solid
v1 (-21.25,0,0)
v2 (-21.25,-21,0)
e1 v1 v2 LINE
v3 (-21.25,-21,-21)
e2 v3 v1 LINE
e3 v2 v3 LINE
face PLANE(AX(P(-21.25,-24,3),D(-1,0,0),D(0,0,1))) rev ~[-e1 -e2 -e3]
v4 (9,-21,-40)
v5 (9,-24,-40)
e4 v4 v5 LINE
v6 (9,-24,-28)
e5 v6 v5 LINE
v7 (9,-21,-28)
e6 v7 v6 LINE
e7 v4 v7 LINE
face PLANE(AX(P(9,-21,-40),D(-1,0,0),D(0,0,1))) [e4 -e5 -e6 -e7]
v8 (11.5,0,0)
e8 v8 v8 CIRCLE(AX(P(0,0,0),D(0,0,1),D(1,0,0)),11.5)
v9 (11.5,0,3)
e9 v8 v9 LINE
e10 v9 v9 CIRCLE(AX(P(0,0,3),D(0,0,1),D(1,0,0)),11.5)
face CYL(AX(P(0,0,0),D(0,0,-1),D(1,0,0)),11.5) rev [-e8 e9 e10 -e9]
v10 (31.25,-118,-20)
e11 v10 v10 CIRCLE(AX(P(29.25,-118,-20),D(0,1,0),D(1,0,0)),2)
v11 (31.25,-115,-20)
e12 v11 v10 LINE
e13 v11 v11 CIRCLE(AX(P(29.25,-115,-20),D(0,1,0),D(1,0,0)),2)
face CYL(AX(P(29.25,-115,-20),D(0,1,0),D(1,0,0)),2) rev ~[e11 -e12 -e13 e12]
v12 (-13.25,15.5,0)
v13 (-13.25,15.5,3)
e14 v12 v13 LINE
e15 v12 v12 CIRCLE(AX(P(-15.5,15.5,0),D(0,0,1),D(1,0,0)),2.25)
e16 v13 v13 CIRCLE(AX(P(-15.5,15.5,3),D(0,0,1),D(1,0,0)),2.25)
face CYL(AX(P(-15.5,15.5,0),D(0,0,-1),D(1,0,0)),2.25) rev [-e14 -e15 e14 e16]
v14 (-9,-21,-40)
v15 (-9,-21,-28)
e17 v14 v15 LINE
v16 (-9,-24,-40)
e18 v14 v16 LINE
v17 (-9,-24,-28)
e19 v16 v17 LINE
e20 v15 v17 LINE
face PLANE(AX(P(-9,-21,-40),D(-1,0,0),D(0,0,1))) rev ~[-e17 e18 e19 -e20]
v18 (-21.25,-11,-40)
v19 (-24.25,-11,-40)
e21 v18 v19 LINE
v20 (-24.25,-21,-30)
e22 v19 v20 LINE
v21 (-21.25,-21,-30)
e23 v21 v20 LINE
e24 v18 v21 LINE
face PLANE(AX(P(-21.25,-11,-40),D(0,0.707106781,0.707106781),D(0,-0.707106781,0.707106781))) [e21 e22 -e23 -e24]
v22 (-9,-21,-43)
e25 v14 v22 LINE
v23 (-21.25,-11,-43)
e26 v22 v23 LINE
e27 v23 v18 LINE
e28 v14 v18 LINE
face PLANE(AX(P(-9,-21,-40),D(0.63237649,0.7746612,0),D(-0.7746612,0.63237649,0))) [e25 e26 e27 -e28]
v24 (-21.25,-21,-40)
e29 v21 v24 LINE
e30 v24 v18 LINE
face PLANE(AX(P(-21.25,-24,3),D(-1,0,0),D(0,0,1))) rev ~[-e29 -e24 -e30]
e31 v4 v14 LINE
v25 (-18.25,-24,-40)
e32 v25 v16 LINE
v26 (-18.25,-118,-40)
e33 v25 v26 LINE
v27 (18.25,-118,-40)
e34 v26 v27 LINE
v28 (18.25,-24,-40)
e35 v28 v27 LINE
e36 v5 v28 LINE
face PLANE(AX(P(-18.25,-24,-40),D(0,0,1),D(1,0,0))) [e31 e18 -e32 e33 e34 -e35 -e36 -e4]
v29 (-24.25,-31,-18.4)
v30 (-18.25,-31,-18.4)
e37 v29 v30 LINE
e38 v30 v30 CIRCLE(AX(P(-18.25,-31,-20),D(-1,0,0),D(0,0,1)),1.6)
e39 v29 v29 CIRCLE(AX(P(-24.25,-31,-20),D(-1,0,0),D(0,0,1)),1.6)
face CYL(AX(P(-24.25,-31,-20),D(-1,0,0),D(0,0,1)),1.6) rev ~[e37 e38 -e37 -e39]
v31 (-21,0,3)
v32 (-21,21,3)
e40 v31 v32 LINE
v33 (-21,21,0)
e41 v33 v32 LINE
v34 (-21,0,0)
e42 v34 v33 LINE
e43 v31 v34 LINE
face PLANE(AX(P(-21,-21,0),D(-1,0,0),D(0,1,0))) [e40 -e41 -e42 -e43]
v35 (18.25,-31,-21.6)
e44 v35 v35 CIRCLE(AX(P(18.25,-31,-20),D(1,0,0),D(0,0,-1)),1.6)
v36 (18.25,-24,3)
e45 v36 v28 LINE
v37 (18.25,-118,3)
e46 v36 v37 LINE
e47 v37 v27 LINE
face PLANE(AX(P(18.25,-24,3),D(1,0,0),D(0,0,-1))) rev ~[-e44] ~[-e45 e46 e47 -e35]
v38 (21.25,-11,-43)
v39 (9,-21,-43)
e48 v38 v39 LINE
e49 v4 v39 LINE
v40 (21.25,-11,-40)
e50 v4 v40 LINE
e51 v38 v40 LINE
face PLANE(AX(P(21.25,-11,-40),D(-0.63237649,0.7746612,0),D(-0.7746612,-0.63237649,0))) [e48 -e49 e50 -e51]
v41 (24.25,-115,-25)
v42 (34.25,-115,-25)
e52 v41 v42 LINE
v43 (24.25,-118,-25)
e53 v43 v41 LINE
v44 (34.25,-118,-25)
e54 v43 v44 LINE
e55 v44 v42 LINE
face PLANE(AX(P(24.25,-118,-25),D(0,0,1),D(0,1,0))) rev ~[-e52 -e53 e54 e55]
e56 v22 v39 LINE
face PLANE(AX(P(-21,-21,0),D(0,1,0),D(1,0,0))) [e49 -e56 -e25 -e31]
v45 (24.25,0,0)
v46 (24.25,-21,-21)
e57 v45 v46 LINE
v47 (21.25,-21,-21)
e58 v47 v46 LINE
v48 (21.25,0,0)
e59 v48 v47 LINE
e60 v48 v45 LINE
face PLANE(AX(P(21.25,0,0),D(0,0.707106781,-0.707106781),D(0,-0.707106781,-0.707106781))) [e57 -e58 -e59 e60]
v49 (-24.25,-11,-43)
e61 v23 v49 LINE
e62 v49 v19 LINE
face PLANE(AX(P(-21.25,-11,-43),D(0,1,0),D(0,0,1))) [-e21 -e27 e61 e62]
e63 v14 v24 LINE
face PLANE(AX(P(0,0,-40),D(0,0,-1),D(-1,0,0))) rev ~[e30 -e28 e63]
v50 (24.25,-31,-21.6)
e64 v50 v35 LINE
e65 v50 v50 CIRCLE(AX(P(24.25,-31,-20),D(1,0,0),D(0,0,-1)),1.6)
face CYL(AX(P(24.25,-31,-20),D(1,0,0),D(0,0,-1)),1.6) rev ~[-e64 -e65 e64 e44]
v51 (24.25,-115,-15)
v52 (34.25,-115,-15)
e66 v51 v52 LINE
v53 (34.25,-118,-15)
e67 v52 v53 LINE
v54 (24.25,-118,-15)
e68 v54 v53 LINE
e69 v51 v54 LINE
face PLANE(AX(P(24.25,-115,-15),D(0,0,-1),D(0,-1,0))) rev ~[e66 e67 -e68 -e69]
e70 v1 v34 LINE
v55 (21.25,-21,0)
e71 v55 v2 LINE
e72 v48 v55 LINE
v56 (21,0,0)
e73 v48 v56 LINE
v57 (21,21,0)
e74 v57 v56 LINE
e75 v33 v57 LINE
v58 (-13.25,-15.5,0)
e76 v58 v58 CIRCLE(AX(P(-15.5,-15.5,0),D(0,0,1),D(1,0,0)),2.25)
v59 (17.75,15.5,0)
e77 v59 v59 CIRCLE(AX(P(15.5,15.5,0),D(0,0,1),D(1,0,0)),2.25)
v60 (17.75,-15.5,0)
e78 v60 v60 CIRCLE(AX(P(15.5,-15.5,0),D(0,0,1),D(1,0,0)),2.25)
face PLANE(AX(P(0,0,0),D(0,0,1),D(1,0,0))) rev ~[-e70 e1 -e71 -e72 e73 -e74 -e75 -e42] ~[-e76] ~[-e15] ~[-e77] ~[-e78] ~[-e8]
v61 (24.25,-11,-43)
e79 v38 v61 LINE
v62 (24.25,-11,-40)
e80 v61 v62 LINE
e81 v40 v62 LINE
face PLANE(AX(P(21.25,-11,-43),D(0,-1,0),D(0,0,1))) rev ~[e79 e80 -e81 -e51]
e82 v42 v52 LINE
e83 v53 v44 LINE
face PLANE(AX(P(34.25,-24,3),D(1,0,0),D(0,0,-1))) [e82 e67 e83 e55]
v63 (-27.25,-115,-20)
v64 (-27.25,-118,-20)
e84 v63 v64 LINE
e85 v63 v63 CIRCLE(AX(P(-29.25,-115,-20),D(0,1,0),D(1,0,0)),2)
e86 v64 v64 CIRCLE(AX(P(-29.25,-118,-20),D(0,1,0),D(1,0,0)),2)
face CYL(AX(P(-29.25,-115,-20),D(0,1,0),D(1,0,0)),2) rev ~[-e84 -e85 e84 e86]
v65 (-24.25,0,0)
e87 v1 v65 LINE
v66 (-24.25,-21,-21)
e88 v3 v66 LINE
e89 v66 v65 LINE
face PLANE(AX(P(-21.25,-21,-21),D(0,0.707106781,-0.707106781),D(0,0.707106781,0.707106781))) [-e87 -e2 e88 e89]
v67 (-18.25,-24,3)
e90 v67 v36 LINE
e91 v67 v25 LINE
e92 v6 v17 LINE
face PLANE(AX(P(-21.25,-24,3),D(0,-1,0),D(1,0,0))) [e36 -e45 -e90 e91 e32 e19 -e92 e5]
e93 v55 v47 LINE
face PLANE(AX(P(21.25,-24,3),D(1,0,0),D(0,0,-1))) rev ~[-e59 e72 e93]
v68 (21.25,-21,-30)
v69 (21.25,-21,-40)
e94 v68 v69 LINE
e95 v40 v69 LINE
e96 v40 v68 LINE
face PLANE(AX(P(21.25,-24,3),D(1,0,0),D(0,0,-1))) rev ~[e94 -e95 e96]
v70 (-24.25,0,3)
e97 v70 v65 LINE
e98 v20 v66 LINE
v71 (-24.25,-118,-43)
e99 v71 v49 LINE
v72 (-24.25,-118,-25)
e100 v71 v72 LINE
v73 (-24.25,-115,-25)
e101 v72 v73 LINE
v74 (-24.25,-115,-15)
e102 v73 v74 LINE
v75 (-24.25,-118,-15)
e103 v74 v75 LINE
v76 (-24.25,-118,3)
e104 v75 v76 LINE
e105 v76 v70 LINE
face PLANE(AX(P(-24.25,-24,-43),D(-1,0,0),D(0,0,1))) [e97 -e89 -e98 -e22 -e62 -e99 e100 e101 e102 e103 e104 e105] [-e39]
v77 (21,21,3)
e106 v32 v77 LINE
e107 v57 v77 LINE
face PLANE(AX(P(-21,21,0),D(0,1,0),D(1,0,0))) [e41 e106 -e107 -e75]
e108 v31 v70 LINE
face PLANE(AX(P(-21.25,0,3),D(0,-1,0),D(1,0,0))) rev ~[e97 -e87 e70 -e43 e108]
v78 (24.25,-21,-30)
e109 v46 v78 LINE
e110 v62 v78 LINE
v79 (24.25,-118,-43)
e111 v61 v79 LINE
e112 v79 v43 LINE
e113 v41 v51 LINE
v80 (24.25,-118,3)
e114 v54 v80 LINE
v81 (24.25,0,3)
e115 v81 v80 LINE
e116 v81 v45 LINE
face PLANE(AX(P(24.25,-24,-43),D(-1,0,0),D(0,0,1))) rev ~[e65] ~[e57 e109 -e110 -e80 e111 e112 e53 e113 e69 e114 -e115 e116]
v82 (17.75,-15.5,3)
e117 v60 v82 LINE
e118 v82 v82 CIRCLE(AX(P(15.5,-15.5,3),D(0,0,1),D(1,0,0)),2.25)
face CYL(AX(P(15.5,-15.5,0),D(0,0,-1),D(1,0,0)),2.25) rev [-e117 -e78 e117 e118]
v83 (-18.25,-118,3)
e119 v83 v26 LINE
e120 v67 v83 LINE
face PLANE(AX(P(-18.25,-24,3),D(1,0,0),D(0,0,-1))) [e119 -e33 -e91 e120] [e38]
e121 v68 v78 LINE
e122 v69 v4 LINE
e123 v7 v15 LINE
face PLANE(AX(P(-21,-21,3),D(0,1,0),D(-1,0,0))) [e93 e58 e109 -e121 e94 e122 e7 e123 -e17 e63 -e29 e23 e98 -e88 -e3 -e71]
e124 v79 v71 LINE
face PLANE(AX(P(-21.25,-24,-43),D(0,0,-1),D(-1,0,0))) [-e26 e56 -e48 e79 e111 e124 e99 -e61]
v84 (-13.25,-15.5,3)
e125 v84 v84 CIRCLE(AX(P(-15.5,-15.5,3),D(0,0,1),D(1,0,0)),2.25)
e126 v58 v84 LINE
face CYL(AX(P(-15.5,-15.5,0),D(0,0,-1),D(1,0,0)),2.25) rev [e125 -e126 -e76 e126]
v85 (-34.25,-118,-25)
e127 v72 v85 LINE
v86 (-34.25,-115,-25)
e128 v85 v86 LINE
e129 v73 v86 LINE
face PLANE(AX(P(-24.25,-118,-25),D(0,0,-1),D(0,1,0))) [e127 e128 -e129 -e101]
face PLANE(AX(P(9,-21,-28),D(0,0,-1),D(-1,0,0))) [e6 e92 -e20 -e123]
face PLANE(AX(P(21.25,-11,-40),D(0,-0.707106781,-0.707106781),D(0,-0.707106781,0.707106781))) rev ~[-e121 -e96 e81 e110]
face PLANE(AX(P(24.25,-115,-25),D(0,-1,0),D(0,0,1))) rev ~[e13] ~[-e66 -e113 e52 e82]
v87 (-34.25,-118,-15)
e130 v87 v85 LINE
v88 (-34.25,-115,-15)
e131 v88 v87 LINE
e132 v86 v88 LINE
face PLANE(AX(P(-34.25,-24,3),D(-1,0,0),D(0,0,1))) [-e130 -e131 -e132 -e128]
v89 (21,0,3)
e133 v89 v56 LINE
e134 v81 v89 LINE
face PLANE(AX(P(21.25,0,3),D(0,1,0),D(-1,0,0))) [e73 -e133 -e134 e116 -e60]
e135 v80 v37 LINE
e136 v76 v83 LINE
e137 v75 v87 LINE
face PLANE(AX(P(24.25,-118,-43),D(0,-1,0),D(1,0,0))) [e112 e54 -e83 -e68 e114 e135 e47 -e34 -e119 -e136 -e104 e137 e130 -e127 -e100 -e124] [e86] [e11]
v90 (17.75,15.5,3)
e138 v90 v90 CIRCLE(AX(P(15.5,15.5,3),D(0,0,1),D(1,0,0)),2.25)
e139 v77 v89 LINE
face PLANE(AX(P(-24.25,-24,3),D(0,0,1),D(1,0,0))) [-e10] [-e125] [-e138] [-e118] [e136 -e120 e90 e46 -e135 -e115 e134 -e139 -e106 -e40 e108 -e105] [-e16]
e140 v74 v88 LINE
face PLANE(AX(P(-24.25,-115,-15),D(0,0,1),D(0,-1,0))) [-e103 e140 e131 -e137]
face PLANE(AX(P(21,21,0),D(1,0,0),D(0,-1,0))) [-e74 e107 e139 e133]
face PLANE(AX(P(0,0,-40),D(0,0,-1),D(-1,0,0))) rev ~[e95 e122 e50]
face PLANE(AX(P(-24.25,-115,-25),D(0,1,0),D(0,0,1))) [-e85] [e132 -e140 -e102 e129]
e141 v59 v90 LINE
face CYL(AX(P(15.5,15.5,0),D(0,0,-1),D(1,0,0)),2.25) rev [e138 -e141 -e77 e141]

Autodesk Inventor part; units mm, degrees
ref_plane "YZ Plane" through (0, 0, 0) normal (1, 0, 0) x (0, 1, 0)
ref_plane "XZ Plane" through (0, 0, 0) normal (0, 1, 0) x (-1, 0, 0)
ref_plane "XY Plane" through (0, 0, 0) normal (0, 0, 1) x (1, 0, 0)
sketch "Boceto1" plane through (0, 0, 0) normal (0, 0, 1) x (1, 0, 0)
  line L0 (-21, 21) -> (21, 21)
  line L1 (21, 21) -> (21, -21)
  line L2 (21, -21) -> (-21, -21)
  line L3 (-21, -21) -> (-21, 21)
  circle A0 centre (0, 0) radius 11.5
  circle A1 centre (-15.5, 15.5) radius 2.25
  circle A2 centre (-15.5, -15.5) radius 2.25
  circle A3 centre (15.5, -15.5) radius 2.25
  circle A4 centre (15.5, 15.5) radius 2.25
  dimension "d0" = 42
  dimension "d1" = 42
  dimension "d2" = 23
  dimension "d6" = 4.5
  dimension "d7" = 4.5
  dimension "d8" = 4.5
  dimension "d9" = 4.5
extrude "Extrusión1" add sketch "Boceto1" along normal blind 3
sketch "Boceto28" plane through (0, 0, 3) normal (0, 0, 1) x (1, 0, 0)
  line L0 (-21.25, -24) -> (21.25, -24)
  line L1 (21.25, -24) -> (21.25, -21)
  line L2 (-21.25, -21) -> (-21.25, -24)
  line L3 (-21, -21) -> (21, -21) projected
  line L4 (21.25, -21) -> (-21.25, -21)
  point P0 (0, 0)
extrude "Extrusión24" add sketch "Boceto28" against normal blind 43
sketch "Boceto29" plane through (-21.25, -21, -40) normal (0, 1, 0) x (1, 0, 0)
  line L0 (30.25, -12) -> (12.25, -12)
  line L1 (0, 0) -> (42.5, 0) projected
  line L2 (12.25, 0) -> (30.25, 0)
  line L3 (12.25, 0) -> (12.25, -12)
  line L4 (30.25, 0) -> (30.25, -12)
  point P0 (21.25, -40)
extrude "Extrusión25" cut sketch "Boceto29" against normal blind 3
sketch "Boceto33" plane through (21.25, -24, 3) normal (1, 0, 0) x (0, 0, -1)
  line L0 (43, 0) -> (33, 0)
  line L1 (33, 0) -> (33, 3)
  line L2 (43, 0) -> (46, 0)
  line L3 (46, 0) -> (46, 13)
  line L4 (46, 13) -> (43, 13)
  line L5 (43, 13) -> (33, 3)
  line L6 (0, 45) -> (0, 3) projected
  line L7 (0, 0) -> (43, 0) projected
  line L8 (0, 24) -> (0, 0)
  line L9 (0, 0) -> (24, 0)
  line L10 (24, 0) -> (24, 3)
  line L11 (0, 3) -> (43, 3) projected
  line L12 (0, 24) -> (3, 24)
  line L13 (3, 45) -> (3, 3) projected
  line L14 (3, 24) -> (24, 3)
  point P0 (0, 3)
  dimension "d153" = 10
  dimension "d154" = 3
  dimension "d155" = 13
  dimension "d156" = 3
  dimension "d181" = 24
extrude "Extrusión28" add sketch "Boceto33" along normal blind 3 contours L0 L1 L5 L4 L3 L2 | L7 L8 L11 L10 | L11 L13 L14 | L11 L6 L12 L13
sketch "Boceto34" plane through (-21.25, -24, 3) normal (-1, 0, 0) x (0, 0, 1)
  line L0 (-46, 0) -> (-46, 13) projected
  line L1 (-46, 13) -> (-43, 13) projected
  line L2 (-46, 13) -> (-43, 13)
  line L3 (-43, 13) -> (-33, 3)
  line L4 (-43, 0) -> (-46, 0) projected
  line L5 (-46, 13) -> (-46, 0)
  line L6 (-46, 0) -> (-33, 0)
  line L7 (-33, 3) -> (-33, 0)
  line L8 (-24, 0) -> (-24, 3)
  line L9 (-24, 3) -> (-3, 24)
  line L10 (0, 24) -> (-3, 24)
  line L11 (-24, 0) -> (0, 0)
  line L12 (0, 0) -> (0, 24)
extrude "Extrusión29" add sketch "Boceto34" along normal blind 3
sketch "Boceto36" plane through (0, 0, -40) normal (0, 0, -1) x (-1, 0, 0)
  line L0 (9, -21) -> (9, -24) projected
  line L1 (9, -24) -> (21.25, -24)
  line L2 (21.25, -24) -> (21.25, -11)
  line L3 (9, -21) -> (9, -24)
  line L4 (-9, -24) -> (-9, -21) projected
  line L5 (-9, -21) -> (-9, -24)
  line L6 (-21, -21) -> (-21, 21) projected
  line L7 (-21.25, -11) -> (-9, -21)
  line L8 (-21.25, -11) -> (-21.25, -24)
  line L9 (24.25, -24) -> (-24.25, -24) projected
  line L10 (-9, -24) -> (-21.25, -24)
  line L11 (9, -21) -> (21.25, -11)
extrude "Extrusión31" add sketch "Boceto36" along normal blind 3
sketch "Boceto37" plane through (-21, -21, 0) normal (0, 1, 0) x (1, 0, 0)
  line L0 (45.25, 40) -> (45.25, 30) projected
  line L1 (42.25, 21) -> (42.25, 0) projected
  line L2 (45.25, 30) -> (42.25, 30)
  line L3 (42.25, 30) -> (42.25, 21)
  line L4 (42.25, 21) -> (45.25, 21)
  line L5 (45.25, 21) -> (45.25, 30)
  line L6 (30, 40) -> (30, 43) projected
  line L7 (12, 43) -> (12, 28) projected
  line L8 (30, 40) -> (12, 40)
  line L9 (12, 40) -> (12, 43)
  line L10 (12, 43) -> (30, 43)
  line L11 (30, 43) -> (30, 40)
  line L12 (-0.25, 21) -> (-0.25, 30) projected
  line L13 (-3.25, 0) -> (-3.25, 21) projected
  line L14 (-0.25, 30) -> (-3.25, 30)
  line L15 (-3.25, 30) -> (-3.25, 21)
  line L16 (-3.25, 21) -> (-0.25, 21)
  line L17 (-0.25, 21) -> (-0.25, 30)
extrude "Extrusión32" add sketch "Boceto37" against normal blind 3
sketch "Boceto38" plane through (0, 0, 3) normal (0, 0, 1) x (1, 0, 0)
  line L0 (-21.25, 0) -> (-21.25, -21) projected
  line L1 (-21, -21) -> (-21.25, -21) projected
  line L2 (-21.25, 0) -> (-21, 0)
  line L3 (-21, 0) -> (-21, -21)
  line L4 (-21, -21) -> (-21.25, -21)
  line L5 (-21.25, -21) -> (-21.25, 0)
  line L6 (21, -21) -> (21, 21) projected
  line L7 (21.25, 0) -> (21.25, -21) projected
  line L8 (21, -21) -> (21.25, -21)
  line L9 (21.25, -21) -> (21.25, 0)
  line L10 (21.25, 0) -> (21, 0)
  line L11 (21, 0) -> (21, -21)
extrude "Extrusión33" add sketch "Boceto38" against normal blind 3
sketch "Boceto50" plane through (24.25, -24, -43) normal (0, -1, 0) x (1, 0, 0)
  line L0 (-45.5, 0) -> (-48.5, 0) projected
  line L1 (-48.5, 0) -> (-48.5, 46) projected
  line L2 (-48.5, 0) -> (-48.5, 46)
  line L3 (-48.5, 46) -> (-42.5, 46)
  line L4 (-42.5, 46) -> (-42.5, 3)
  line L5 (-48.5, 0) -> (0, 0) projected
  line L6 (-48.5, 0) -> (0, 0)
  line L7 (0, 0) -> (0, 46)
  line L8 (0, 46) -> (-6, 46)
  line L9 (-6, 46) -> (-6, 3)
  line L10 (-42.5, 3) -> (-6, 3)
  dimension "d183" = 6
  dimension "d184" = 6
extrude "Extrusión39" add sketch "Boceto50" along normal blind 94
sketch "Boceto51" plane through (24.25, -24, 3) normal (1, 0, 0) x (0, 0, -1)
  line L0 (18, -94) -> (28, -94)
  line L1 (28, -94) -> (28, -91)
  line L2 (28, -91) -> (18, -91)
  line L3 (18, -91) -> (18, -94)
  point P0 (3, 24)
  dimension "d171" = 10
  dimension "d172" = 3
extrude "Extrusión40" add sketch "Boceto51" along normal blind 10
sketch "Boceto52" plane through (-24.25, -24, 3) normal (-1, 0, 0) x (0, 0, 1)
  line L0 (0, -94) -> (-46, -94) projected
  line L1 (-18, -91) -> (-18, -94) projected
  line L2 (-23, -94) -> (-18, -94)
  line L3 (-18, -94) -> (-18, -91)
  line L4 (-28, -91) -> (-18, -91) projected
  line L5 (-18, -91) -> (-28, -91)
  line L6 (-28, -94) -> (-28, -91) projected
  line L7 (-28, -91) -> (-28, -94)
  line L8 (-28, -94) -> (-23, -94)
  point P0 (-3, 24)
extrude "Extrusión41" add sketch "Boceto52" along normal blind 10
sketch "Boceto56" plane through (-24.25, -115, -15) normal (0, 1, 0) x (1, 0, 0)
  line L0 (48.5, 0) -> (58.5, 0) projected
  line L1 (48.5, 10) -> (58.5, 10) projected
  line L2 (0, 10) -> (-10, 10) projected
  line L3 (0, 0) -> (-10, 0) projected
  line L4 (-10, 0) -> (-10, 10) projected
  circle A0 centre (-5, 5) radius 2
  circle A1 centre (53.5, 5) radius 2
  point P0 (24.25, -15)
  dimension "d185" = 4
  dimension "d186" = 4
extrude "Extrusión43" cut sketch "Boceto56" against normal blind 3
sketch "Boceto66" plane through (24.25, -24, 3) normal (1, 0, 0) x (0, 0, -1)
  line L0 (3, 24) -> (24, 3) projected
  circle A0 centre (23, -7) radius 1.6
  dimension "d224" = 3.2
extrude "Extrusión48" cut sketch "Boceto66" against normal blind 10
sketch "Boceto67" plane through (-24.25, -24, 3) normal (-1, 0, 0) x (0, 0, 1)
  line L0 (0, 24) -> (0, -94) projected
  circle A0 centre (-23, -7) radius 1.6
  point P0 (-3, 24)
  point P1 (-24, 3)
  dimension "d228" = 3.2
extrude "Extrusión50" cut sketch "Boceto67" against normal blind 10
properties part number "Torre Motor Definitiva Pont" material "Plástico ABS"
